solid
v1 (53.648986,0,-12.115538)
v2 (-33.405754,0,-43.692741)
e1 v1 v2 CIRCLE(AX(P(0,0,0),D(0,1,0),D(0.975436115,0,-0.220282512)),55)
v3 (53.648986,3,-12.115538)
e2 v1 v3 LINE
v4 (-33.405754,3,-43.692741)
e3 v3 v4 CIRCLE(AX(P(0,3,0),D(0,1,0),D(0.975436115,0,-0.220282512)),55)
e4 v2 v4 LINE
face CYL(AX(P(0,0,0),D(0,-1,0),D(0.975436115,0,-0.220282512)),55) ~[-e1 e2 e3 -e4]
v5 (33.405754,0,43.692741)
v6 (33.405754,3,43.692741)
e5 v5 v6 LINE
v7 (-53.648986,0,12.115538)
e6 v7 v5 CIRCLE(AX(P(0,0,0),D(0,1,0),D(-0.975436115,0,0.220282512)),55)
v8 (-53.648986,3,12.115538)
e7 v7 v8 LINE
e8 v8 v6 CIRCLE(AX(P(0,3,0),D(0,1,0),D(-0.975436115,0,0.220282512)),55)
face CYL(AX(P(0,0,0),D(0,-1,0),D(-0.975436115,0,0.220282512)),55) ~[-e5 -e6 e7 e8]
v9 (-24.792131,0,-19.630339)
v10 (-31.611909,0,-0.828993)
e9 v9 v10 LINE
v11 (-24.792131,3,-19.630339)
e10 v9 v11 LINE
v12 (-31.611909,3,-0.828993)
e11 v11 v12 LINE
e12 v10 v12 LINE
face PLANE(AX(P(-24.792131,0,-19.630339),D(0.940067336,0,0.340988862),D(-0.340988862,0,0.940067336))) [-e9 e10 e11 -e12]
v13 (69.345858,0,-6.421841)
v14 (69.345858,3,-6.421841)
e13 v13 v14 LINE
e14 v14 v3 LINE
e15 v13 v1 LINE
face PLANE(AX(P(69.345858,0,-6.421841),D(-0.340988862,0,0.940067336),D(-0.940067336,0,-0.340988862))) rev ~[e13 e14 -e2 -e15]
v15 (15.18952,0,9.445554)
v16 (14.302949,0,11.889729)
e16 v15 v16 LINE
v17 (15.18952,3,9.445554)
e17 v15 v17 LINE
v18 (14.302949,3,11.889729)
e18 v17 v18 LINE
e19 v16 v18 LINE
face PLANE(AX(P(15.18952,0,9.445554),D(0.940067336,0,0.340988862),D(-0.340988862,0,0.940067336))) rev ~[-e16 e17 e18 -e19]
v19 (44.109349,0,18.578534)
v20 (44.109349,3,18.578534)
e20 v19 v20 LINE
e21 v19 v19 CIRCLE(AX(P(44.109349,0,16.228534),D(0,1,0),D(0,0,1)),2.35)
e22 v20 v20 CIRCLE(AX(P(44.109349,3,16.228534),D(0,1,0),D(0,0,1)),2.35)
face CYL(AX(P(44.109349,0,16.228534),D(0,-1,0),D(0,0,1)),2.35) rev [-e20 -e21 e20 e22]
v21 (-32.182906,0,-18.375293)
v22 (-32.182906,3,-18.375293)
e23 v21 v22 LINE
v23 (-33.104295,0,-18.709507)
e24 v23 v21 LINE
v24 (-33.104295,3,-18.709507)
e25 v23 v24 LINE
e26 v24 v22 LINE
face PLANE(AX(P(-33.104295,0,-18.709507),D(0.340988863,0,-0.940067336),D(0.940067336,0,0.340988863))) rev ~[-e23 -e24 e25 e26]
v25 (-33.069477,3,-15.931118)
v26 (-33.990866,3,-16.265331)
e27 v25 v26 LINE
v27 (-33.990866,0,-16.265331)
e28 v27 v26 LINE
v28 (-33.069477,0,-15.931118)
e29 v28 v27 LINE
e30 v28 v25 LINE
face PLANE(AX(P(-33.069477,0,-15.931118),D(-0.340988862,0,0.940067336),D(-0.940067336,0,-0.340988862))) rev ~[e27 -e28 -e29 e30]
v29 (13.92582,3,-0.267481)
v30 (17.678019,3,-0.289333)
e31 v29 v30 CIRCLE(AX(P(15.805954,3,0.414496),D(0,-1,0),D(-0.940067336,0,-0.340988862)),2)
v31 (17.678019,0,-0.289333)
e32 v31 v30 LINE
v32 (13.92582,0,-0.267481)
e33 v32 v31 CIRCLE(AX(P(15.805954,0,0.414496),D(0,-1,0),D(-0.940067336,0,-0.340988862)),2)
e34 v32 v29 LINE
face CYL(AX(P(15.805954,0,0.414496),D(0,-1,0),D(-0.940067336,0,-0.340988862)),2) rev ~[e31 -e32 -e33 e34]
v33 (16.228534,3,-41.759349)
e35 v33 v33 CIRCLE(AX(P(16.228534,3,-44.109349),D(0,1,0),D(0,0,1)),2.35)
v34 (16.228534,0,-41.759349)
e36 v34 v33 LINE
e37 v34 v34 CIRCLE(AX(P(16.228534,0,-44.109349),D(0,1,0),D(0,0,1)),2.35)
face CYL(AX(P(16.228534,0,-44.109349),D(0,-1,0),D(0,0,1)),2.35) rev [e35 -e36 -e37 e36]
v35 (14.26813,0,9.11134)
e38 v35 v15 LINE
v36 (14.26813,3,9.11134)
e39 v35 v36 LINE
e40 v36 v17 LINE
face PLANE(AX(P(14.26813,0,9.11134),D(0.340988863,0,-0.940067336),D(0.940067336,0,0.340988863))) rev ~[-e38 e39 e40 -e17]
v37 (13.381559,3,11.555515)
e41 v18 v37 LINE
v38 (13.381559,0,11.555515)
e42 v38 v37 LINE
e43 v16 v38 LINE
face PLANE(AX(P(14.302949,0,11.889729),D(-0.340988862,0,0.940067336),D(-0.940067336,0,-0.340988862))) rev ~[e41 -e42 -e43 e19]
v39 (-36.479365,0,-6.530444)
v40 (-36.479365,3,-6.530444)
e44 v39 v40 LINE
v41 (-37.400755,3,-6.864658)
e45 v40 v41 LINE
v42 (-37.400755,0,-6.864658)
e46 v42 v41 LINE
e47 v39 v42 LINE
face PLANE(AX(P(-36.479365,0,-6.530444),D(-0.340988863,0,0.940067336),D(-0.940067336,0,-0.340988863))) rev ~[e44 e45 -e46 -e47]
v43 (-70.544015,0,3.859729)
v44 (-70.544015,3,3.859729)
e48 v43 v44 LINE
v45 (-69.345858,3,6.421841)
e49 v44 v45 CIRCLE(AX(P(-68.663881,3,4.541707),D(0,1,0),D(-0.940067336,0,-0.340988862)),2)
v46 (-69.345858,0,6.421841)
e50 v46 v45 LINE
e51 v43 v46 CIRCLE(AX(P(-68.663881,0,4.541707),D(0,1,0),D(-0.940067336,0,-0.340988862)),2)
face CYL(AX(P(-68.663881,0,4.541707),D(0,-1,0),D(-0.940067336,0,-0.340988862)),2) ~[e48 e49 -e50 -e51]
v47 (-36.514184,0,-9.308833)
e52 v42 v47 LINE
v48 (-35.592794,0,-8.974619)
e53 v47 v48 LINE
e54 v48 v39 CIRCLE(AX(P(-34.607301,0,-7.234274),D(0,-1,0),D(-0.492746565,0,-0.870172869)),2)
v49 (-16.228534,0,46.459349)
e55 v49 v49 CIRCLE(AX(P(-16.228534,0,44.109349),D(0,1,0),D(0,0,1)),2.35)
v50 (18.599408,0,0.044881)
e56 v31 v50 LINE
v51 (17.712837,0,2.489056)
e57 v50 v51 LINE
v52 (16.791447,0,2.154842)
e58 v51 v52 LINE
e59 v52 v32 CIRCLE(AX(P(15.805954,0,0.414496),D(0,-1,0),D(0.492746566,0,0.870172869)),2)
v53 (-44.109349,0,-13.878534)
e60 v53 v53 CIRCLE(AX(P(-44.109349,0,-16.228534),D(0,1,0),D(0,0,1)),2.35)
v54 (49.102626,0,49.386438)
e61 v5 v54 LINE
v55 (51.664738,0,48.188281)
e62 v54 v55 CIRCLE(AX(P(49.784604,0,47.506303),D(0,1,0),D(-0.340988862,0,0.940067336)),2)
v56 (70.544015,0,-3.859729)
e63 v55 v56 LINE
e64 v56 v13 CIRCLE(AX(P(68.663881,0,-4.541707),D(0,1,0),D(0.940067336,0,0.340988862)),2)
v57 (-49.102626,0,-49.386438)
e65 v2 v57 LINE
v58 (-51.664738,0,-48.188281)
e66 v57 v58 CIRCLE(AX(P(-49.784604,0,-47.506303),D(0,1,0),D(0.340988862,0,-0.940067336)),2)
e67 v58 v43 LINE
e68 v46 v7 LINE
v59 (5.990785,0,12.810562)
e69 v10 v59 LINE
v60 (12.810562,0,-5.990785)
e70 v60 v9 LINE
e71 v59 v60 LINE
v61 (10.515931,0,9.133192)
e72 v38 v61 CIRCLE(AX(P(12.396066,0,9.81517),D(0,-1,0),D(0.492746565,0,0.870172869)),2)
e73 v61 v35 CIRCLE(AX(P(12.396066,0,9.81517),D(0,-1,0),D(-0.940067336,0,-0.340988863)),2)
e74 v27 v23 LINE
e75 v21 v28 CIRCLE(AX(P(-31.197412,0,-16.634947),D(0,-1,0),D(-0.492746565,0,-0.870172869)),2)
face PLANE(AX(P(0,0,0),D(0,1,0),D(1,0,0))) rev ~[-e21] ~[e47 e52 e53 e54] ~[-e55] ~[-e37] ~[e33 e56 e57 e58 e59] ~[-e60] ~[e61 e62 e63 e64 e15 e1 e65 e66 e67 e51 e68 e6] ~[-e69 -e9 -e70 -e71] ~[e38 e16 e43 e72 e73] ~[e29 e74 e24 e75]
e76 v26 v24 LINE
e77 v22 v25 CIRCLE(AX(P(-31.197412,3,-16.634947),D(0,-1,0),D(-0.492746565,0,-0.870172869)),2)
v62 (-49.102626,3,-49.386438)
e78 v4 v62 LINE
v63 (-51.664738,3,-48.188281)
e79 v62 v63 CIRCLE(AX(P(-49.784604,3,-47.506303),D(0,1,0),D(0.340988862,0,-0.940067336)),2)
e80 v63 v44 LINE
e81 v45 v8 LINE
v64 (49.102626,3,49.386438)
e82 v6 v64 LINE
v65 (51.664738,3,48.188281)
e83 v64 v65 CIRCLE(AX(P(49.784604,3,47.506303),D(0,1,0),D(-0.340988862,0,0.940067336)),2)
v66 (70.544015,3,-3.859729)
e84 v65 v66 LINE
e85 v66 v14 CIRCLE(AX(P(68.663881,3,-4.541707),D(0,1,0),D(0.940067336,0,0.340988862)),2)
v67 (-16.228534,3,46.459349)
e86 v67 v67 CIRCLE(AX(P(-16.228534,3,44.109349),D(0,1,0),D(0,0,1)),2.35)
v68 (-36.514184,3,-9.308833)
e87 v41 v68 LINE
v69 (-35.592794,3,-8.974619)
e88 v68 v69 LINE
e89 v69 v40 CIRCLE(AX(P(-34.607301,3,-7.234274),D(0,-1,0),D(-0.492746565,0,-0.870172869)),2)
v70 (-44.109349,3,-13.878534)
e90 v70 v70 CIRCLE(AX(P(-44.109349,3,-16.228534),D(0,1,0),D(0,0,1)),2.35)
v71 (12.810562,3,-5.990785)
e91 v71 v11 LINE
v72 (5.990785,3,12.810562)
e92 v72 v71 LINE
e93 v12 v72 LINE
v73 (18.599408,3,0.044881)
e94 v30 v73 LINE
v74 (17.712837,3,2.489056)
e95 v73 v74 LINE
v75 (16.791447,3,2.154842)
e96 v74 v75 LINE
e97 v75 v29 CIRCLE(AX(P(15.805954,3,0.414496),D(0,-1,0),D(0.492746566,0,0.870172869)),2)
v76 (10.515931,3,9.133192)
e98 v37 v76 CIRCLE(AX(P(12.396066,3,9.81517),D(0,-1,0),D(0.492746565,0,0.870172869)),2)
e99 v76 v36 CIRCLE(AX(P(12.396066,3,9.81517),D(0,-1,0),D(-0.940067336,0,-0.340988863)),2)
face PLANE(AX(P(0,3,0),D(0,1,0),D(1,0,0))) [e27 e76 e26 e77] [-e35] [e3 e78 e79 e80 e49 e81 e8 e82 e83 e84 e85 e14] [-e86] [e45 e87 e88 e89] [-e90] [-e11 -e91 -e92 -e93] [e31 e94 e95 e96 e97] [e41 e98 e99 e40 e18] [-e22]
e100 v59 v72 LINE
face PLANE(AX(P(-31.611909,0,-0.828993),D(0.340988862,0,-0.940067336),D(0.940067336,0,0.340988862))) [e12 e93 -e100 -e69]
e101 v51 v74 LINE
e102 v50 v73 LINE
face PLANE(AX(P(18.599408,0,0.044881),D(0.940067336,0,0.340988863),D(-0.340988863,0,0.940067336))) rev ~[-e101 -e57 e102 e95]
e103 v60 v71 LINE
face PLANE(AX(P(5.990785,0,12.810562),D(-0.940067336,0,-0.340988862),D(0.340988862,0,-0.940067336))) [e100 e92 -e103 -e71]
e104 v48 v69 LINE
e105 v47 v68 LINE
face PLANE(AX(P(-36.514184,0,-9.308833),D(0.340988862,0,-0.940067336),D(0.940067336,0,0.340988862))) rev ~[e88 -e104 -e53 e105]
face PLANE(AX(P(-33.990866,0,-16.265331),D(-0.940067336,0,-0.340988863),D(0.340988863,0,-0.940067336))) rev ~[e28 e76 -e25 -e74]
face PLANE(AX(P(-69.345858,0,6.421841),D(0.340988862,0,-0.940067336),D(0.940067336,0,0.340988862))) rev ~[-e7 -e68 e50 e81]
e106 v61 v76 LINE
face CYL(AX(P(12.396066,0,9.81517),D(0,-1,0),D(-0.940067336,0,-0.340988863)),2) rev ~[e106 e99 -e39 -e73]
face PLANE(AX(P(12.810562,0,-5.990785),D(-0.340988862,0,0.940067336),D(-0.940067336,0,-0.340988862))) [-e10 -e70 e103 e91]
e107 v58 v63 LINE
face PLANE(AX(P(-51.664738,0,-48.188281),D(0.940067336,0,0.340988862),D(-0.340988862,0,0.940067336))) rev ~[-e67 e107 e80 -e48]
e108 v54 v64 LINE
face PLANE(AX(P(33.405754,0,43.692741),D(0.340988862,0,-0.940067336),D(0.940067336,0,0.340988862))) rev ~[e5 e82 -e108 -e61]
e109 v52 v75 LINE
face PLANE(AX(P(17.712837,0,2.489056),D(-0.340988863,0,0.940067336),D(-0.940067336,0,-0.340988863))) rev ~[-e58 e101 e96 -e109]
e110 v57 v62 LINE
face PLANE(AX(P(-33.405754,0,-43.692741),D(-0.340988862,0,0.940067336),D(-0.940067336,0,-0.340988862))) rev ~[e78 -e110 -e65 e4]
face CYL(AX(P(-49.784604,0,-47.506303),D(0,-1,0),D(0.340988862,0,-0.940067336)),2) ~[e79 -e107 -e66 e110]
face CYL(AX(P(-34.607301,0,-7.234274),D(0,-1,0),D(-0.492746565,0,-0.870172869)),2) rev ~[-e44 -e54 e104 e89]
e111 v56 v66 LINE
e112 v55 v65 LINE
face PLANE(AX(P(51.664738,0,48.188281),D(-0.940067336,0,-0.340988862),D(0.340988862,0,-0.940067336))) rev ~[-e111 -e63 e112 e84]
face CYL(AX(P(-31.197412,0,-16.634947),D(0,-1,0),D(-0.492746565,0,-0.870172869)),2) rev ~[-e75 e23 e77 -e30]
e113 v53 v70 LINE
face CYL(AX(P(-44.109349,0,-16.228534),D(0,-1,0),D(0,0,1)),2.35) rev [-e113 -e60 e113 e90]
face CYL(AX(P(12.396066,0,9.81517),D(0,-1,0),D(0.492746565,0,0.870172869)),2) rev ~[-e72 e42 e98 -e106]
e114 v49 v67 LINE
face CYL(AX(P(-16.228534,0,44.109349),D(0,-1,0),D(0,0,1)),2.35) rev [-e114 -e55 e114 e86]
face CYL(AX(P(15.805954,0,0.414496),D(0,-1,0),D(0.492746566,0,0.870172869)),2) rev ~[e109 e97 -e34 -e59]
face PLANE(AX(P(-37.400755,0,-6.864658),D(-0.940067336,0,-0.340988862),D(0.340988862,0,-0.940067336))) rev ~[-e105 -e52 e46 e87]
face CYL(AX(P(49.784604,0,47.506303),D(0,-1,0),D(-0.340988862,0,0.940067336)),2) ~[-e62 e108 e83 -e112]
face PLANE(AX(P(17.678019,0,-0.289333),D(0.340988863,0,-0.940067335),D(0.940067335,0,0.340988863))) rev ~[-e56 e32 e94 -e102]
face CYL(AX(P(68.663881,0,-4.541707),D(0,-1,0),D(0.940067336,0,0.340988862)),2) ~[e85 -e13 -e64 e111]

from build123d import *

# Parameters (mm, degrees)
SKETCH_10_R         = 2.35
EXTRUDE_2_DEPTH     = 3
CUT_EXTRUDE_3_DEPTH = 3


with BuildPart() as part:
    # 草图10 → 凸台-拉伸2 (new body)
    with BuildSketch(Plane(origin=(0, 0, 0), x_dir=(1, 0, 0), z_dir=(0, 1, 0))):
        with BuildLine():
            Line((33.405753886, -43.6927409), (49.102625926, -49.386437869))
            ThreePointArc((49.102625926, -49.386437869), (50.631828553, -49.317990247), (51.664738322, -48.188280923))
            Line((51.664738322, -48.188280923), (70.544015322, 3.859728807))
            ThreePointArc((70.544015322, 3.859728807), (70.4755677, 5.388931433), (69.345858375, 6.421841203))
            Line((69.345858375, 6.421841203), (53.648986335, 12.115538173))
            ThreePointArc((53.648986335, 12.115538173), (18.754387434, 51.703703465), (-33.405753886, 43.6927409))
            Line((-33.405753886, 43.6927409), (-49.102625926, 49.386437869))
            ThreePointArc((-49.102625926, 49.386437869), (-50.631828553, 49.317990247), (-51.664738322, 48.188280923))
            Line((-51.664738322, 48.188280923), (-70.544015322, -3.859728807))
            ThreePointArc((-70.544015322, -3.859728807), (-70.4755677, -5.388931433), (-69.345858375, -6.421841203))
            Line((-69.345858375, -6.421841203), (-53.648986335, -12.115538173))
            ThreePointArc((-53.648986335, -12.115538173), (-18.754387434, -51.703703465), (33.405753886, -43.6927409))
        make_face()
        with Locations(Location((16.22853422, 44.109349089, 0), (0, 0, 270))):
            Circle(SKETCH_10_R, mode=Mode.SUBTRACT)
        with Locations(Location((-44.109349089, 16.22853422, 0), (0, 0, 270))):
            Circle(SKETCH_10_R, mode=Mode.SUBTRACT)
        with Locations(Location((-16.22853422, -44.109349089, 0), (0, 0, 270))):
            Circle(SKETCH_10_R, mode=Mode.SUBTRACT)
        with Locations(Location((44.109349089, -16.22853422, 0), (0, 0, 270))):
            Circle(SKETCH_10_R, mode=Mode.SUBTRACT)
    extrude(amount=EXTRUDE_2_DEPTH)

    # 草图11 → 切除-拉伸3 (cut)
    with BuildSketch(Plane(origin=(0, 0, 0), x_dir=(1, 0, 0), z_dir=(0, 1, 0))):
        with BuildLine():
            Line((14.302948542, -11.889729308), (13.381558854, -11.555515354))
            ThreePointArc((13.381558854, -11.555515354), (11.104938847, -11.342582915), (10.515931052, -9.13319189))
            ThreePointArc((10.515931052, -9.13319189), (12.384418559, -7.81520353), (14.268129897, -9.111340281))
            Line((14.268129897, -9.111340281), (15.189519584, -9.445554235))
            Line((15.189519584, -9.445554235), (14.302948542, -11.889729308))
        make_face()
        with BuildLine():
            Line((17.678018521, 0.289333077), (18.599408209, -0.044880878))
            Line((18.599408209, -0.044880878), (17.712837166, -2.48905595))
            Line((17.712837166, -2.48905595), (16.791447479, -2.154841996))
            ThreePointArc((16.791447479, -2.154841996), (14.514827471, -1.941909558), (13.925819677, 0.267481467))
            ThreePointArc((13.925819677, 0.267481467), (15.794307183, 1.585469828), (17.678018521, 0.289333077))
        make_face()
        with BuildLine():
            Line((-33.104295256, 18.709506556), (-32.182905569, 18.375292602))
            ThreePointArc((-32.182905569, 18.375292602), (-29.317277767, 15.952969139), (-33.069476611, 15.931117529))
            Line((-33.069476611, 15.931117529), (-33.990866299, 16.265331483))
            Line((-33.990866299, 16.265331483), (-33.104295256, 18.709506556))
        make_face()
        with BuildLine():
            Line((-36.514183881, 9.308833199), (-35.592794193, 8.974619245))
            ThreePointArc((-35.592794193, 8.974619245), (-32.727166391, 6.552295782), (-36.479365236, 6.530444172))
            Line((-36.479365236, 6.530444172), (-37.400754923, 6.864658126))
            Line((-37.400754923, 6.864658126), (-36.514183881, 9.308833199))
        make_face()
        Polygon((-24.792131447, 19.63033923), (-31.611908696, 0.828992516), (5.990784733, -12.810561982), (12.810561982, 5.990784733), align=None)
    extrude(amount=CUT_EXTRUDE_3_DEPTH, mode=Mode.SUBTRACT)


solid = part.part
